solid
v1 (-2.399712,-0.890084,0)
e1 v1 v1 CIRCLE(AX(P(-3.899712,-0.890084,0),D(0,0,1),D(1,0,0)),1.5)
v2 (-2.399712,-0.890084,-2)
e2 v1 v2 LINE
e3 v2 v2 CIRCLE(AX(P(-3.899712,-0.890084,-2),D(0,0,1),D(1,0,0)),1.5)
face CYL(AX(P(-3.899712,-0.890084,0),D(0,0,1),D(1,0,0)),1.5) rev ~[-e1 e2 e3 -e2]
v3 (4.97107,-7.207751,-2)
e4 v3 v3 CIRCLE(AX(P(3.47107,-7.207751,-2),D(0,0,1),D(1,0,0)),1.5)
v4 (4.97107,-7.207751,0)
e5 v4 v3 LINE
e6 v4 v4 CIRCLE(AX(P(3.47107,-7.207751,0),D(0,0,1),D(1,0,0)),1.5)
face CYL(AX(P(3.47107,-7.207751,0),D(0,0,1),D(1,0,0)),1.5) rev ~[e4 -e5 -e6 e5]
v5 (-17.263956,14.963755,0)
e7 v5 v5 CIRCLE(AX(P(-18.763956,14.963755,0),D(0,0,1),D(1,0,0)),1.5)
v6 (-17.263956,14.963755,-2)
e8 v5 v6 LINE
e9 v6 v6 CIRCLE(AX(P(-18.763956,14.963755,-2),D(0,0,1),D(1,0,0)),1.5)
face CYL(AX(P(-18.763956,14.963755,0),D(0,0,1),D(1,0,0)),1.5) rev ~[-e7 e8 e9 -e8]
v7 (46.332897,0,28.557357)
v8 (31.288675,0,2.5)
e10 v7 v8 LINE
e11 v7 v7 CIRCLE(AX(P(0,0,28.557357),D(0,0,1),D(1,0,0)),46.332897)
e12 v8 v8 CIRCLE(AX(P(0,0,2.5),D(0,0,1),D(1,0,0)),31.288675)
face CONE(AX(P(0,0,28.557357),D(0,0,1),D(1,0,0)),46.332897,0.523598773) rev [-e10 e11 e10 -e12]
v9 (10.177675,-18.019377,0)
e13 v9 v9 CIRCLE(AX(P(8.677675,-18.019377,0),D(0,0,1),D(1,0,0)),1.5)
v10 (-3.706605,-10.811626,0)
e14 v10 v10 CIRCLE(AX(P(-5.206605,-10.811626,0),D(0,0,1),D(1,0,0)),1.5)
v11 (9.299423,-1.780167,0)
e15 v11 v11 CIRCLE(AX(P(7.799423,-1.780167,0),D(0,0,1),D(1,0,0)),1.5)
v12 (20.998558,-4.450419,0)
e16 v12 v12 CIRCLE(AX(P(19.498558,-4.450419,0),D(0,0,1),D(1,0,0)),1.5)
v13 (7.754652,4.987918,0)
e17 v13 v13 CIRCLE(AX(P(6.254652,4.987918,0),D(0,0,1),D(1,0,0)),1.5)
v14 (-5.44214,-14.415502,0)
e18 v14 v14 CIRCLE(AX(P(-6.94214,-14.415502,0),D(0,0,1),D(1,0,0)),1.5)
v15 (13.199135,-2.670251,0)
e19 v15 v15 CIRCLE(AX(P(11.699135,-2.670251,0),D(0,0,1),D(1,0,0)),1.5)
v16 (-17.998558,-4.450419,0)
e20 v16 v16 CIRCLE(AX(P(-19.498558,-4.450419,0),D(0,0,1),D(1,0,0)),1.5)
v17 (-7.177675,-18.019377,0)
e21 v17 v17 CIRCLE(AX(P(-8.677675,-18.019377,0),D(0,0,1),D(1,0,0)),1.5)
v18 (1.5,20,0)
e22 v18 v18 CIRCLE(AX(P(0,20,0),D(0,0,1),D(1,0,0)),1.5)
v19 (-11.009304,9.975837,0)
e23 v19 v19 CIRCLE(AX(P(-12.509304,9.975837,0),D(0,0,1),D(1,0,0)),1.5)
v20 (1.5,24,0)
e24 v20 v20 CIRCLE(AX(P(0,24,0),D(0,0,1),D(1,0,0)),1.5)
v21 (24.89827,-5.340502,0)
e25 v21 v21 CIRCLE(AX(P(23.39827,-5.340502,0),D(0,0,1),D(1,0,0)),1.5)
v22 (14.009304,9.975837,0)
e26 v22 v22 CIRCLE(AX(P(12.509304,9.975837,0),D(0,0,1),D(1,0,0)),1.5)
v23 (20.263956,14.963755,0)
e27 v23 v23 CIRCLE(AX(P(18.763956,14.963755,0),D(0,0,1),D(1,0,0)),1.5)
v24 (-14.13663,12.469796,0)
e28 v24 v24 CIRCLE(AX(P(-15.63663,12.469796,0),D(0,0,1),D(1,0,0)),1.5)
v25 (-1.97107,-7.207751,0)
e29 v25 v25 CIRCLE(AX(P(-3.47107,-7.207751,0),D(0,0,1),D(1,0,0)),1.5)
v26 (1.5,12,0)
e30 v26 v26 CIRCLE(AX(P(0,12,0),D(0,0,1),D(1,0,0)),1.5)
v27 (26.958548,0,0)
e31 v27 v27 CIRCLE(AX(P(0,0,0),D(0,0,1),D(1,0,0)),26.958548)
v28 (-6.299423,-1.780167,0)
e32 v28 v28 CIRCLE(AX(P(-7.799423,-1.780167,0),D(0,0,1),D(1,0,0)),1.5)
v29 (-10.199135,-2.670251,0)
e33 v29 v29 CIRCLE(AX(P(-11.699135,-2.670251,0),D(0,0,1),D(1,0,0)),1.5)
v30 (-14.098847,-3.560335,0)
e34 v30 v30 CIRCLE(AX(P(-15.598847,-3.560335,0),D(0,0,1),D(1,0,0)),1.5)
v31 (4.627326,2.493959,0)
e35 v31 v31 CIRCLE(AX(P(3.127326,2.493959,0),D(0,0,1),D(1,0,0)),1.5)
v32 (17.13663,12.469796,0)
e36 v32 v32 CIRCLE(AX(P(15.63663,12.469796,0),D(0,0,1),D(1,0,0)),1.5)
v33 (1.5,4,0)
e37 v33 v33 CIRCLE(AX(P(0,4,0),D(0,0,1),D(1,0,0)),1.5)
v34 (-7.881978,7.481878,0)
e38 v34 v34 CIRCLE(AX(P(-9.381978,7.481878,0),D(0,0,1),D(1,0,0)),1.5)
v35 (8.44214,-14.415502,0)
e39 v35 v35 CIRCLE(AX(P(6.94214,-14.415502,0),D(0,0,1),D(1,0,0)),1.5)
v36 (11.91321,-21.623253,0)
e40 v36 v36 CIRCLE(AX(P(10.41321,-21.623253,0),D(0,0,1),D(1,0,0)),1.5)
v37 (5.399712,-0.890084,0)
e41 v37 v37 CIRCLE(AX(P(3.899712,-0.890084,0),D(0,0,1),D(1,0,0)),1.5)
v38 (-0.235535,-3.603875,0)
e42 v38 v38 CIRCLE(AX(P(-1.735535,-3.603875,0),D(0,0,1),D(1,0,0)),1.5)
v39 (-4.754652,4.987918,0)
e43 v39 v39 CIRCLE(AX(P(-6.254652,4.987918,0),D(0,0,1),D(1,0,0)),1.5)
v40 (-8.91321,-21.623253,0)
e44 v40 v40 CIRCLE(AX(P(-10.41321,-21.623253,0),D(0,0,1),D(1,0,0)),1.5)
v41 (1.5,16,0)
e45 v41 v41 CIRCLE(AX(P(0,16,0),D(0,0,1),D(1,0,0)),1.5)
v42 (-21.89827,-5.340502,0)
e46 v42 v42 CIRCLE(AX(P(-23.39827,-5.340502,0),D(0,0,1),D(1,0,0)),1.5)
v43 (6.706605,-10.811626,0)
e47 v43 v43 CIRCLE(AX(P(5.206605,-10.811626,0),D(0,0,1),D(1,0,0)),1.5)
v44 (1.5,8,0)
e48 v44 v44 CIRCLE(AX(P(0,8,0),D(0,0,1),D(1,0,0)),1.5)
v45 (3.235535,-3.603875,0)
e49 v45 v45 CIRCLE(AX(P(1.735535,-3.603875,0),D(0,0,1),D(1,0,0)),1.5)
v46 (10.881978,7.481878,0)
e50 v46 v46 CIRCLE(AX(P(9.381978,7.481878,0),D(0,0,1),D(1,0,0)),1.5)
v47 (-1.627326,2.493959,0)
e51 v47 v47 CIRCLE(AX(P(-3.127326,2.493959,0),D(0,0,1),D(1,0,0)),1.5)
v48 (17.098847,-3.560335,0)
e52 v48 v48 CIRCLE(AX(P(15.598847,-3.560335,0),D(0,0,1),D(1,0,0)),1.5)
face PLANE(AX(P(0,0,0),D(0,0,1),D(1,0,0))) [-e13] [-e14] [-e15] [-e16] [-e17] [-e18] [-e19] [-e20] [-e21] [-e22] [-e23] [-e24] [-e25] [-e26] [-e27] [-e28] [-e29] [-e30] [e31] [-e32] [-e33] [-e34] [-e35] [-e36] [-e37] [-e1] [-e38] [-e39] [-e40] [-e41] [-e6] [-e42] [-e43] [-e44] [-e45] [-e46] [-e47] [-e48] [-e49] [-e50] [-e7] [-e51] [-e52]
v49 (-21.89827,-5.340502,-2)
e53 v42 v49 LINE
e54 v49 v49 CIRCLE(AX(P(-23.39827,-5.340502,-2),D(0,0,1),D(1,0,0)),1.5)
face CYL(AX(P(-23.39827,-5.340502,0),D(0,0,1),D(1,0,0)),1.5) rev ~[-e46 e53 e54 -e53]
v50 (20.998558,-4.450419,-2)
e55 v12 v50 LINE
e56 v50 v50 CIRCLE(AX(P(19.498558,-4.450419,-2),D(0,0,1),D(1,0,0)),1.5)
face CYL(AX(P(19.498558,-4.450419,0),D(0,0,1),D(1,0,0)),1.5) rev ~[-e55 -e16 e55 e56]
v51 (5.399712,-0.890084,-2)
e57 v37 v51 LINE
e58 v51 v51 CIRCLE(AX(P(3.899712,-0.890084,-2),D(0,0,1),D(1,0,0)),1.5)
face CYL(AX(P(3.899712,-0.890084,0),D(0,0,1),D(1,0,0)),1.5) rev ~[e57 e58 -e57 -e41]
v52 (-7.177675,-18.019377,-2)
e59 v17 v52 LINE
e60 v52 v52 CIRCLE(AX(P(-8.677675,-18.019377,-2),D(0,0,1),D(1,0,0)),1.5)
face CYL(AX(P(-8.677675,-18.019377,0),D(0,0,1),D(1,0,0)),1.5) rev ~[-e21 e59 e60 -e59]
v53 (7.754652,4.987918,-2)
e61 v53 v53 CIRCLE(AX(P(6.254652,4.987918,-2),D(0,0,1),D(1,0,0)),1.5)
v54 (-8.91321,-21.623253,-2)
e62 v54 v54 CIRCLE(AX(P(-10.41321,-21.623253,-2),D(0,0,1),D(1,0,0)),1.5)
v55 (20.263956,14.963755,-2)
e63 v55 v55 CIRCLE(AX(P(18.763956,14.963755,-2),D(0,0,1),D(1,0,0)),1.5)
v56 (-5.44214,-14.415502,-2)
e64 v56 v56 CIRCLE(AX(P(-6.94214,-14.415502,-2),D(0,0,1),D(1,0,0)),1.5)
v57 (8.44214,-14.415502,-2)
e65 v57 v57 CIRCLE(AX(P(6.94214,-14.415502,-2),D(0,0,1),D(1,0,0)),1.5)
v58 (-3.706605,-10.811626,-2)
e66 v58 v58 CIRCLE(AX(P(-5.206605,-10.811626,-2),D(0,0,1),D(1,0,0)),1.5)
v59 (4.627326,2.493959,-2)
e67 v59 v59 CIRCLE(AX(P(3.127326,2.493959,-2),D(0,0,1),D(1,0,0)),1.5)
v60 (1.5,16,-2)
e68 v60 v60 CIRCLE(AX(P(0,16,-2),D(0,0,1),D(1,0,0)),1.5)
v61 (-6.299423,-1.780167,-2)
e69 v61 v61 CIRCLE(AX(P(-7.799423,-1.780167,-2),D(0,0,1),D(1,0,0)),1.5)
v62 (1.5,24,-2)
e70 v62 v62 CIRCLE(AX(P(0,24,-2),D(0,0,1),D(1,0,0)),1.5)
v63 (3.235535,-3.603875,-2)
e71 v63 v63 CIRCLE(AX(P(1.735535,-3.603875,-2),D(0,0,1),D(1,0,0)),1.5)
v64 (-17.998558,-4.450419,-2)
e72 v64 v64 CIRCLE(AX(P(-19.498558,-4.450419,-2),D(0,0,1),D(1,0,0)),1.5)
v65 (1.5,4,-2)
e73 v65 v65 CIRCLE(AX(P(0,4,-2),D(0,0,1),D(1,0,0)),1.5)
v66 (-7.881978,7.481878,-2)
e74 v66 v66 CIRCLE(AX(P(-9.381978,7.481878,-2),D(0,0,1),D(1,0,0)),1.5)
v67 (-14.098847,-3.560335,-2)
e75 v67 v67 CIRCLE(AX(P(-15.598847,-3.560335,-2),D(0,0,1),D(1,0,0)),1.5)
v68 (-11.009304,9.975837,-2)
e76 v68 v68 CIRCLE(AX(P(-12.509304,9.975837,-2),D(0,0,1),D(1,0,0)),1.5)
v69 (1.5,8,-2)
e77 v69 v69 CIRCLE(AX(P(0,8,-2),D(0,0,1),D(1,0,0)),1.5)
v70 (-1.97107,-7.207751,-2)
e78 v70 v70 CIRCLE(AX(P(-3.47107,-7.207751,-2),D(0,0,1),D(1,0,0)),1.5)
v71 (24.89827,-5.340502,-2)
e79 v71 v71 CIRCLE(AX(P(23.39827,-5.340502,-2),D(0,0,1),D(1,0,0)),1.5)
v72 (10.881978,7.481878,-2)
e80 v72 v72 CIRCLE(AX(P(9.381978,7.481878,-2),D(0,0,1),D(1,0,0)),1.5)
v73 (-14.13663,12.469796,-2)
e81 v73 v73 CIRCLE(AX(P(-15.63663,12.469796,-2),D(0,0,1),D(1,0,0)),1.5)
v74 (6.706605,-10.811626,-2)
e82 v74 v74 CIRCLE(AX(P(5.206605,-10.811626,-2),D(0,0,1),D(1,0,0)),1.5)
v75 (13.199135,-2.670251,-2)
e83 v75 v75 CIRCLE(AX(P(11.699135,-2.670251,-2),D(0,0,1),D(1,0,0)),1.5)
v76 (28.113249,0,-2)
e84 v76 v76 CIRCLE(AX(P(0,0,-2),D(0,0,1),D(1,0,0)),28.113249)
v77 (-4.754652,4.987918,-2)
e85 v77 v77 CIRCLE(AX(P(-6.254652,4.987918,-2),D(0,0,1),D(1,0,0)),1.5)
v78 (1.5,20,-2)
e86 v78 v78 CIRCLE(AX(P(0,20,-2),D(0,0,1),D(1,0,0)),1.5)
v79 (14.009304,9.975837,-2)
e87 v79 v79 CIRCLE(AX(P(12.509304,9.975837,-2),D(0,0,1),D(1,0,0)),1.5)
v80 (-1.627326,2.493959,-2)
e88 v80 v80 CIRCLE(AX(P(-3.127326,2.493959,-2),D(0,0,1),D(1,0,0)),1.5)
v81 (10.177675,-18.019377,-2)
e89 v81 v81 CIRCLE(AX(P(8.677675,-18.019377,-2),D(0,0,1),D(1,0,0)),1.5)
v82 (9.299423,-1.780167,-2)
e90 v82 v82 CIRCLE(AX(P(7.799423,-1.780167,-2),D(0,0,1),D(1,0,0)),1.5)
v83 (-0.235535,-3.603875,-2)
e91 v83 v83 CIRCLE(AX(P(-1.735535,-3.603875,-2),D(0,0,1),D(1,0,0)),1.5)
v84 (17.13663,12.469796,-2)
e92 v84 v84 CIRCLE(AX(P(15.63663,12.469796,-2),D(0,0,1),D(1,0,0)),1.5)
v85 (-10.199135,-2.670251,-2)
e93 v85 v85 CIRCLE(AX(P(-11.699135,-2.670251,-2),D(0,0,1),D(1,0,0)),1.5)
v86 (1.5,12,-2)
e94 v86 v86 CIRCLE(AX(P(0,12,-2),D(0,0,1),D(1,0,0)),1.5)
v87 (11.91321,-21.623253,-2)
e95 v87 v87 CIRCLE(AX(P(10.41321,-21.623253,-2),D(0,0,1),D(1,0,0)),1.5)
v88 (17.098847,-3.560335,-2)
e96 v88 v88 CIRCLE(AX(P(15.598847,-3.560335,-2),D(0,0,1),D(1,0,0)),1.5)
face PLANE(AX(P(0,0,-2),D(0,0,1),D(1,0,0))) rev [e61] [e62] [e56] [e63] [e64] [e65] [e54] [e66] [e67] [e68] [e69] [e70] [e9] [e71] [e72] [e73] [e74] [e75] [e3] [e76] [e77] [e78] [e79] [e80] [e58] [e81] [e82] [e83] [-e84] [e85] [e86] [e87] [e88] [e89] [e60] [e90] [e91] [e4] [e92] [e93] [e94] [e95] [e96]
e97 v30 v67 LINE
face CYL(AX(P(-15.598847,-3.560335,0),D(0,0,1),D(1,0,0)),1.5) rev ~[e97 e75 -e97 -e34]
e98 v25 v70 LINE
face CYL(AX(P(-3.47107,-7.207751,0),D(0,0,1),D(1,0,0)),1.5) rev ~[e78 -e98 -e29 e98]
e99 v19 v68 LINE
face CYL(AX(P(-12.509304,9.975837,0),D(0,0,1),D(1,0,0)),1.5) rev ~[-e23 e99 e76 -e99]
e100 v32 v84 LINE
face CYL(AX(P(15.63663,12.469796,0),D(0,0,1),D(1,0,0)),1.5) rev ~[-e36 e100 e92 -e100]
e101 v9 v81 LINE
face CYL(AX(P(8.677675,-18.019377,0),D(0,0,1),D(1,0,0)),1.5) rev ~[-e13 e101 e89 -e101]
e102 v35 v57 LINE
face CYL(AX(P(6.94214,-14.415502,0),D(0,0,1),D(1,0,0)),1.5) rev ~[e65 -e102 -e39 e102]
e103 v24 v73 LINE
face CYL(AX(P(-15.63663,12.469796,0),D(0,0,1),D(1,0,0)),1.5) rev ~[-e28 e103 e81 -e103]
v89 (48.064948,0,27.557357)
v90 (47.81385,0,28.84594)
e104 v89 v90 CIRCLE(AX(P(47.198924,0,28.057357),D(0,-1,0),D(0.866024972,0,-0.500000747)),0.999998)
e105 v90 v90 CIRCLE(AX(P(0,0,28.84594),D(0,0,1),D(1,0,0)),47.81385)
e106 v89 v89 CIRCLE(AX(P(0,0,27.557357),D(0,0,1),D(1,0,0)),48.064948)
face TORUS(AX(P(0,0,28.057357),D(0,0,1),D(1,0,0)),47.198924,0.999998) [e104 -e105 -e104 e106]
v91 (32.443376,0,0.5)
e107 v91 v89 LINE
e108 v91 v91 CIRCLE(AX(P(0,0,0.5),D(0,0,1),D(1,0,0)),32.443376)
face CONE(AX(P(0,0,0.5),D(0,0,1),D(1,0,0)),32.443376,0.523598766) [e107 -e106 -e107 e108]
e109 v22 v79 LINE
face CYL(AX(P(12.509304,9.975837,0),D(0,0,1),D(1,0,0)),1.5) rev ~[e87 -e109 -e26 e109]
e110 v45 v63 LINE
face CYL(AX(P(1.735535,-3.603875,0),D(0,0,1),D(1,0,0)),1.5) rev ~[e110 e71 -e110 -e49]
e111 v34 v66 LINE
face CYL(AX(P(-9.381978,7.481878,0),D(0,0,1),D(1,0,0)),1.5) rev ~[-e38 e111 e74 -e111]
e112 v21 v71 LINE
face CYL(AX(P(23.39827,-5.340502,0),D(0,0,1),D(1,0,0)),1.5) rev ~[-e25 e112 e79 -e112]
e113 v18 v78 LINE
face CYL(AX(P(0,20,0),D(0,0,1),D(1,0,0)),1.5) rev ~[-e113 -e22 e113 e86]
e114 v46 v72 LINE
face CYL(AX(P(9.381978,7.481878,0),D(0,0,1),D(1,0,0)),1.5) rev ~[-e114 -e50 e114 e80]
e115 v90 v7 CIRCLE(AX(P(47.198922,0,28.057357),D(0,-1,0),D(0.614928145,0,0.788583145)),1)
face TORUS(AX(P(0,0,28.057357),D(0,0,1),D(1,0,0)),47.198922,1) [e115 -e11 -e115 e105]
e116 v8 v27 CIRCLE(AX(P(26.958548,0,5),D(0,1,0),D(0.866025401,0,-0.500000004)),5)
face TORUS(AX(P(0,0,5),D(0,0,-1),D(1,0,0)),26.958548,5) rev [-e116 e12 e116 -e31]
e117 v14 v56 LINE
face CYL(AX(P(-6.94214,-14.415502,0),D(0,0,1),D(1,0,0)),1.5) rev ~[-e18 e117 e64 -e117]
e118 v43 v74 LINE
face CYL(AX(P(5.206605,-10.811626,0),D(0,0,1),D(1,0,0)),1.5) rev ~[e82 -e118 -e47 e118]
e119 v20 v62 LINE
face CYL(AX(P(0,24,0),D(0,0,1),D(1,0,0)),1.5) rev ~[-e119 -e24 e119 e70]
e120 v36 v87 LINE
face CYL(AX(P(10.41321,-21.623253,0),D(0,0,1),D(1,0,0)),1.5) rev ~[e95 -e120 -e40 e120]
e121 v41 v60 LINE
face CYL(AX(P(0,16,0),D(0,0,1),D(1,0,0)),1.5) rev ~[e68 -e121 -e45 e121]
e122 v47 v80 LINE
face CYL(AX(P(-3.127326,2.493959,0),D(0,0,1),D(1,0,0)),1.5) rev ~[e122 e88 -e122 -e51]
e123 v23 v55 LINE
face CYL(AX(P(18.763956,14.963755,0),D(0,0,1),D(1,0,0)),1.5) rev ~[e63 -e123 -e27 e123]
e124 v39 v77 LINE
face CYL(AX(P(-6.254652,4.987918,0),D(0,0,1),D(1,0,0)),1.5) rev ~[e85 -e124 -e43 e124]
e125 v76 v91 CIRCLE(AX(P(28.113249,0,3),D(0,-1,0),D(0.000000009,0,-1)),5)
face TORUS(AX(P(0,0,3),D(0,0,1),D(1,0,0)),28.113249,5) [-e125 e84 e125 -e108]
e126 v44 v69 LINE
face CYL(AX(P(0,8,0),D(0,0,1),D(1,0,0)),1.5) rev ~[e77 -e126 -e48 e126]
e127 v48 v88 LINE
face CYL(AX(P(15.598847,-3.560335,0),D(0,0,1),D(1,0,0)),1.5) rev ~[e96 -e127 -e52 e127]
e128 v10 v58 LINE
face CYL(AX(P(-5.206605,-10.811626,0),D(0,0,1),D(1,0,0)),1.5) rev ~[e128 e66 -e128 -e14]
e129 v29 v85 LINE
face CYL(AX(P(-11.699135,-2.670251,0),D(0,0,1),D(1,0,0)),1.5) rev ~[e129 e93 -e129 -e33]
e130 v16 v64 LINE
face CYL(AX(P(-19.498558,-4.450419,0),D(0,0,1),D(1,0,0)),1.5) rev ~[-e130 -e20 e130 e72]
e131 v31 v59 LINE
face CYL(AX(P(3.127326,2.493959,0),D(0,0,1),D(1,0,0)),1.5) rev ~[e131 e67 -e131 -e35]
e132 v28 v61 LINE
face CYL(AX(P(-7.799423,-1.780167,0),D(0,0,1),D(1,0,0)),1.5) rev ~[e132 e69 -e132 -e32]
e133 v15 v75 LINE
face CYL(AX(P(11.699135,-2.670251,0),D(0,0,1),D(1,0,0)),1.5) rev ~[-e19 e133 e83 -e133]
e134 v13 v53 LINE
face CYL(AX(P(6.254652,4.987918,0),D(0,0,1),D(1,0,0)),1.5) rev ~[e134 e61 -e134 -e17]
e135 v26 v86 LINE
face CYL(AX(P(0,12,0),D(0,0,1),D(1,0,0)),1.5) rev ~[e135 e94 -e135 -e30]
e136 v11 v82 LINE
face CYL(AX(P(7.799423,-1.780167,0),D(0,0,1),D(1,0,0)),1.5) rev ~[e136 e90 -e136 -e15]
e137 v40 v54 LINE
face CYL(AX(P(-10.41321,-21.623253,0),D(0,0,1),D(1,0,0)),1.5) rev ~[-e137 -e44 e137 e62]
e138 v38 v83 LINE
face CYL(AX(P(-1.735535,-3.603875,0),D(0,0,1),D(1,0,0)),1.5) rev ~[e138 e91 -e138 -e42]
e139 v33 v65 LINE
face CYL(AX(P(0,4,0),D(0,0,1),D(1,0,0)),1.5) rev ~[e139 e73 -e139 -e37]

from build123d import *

# Parameters (mm, degrees)
F2_R     = 1.5
F3_DEPTH = 25


with BuildPart() as f1:
    # F0 (on Front) → F1 (revolve)
    with BuildSketch(Plane.XZ):
        with BuildLine():
            Line((26.958548, 0), (0, 0))
            Line((0, 0), (0, -2))
            Line((0, -2), (28.113249, -2))
            ThreePointArc((28.113249, -2), (30.613249, -1.330127), (32.443376, 0.5))
            Line((32.443376, 0.5), (48.064948, 27.557357))
            ThreePointArc((48.064948, 27.557357), (48.180461, 28.248623), (47.81385, 28.84594))
            ThreePointArc((47.81385, 28.84594), (47.007656, 29.038895), (46.332897, 28.557357))
            Line((46.332897, 28.557357), (31.288675, 2.5))
            ThreePointArc((31.288675, 2.5), (29.458548, 0.669873), (26.958548, 0))
        make_face()
    revolve(axis=Axis((0, 0, 22.936326), (0, 0, 1)))

    # F2 (on face) → F3 (cut)
    with BuildSketch(Plane.XY):
        with Locations((0, 20)):
            Circle(F2_R)
        with Locations((0, 16)):
            Circle(F2_R)
        with Locations((0, 12)):
            Circle(F2_R)
        with Locations((0, 8)):
            Circle(F2_R)
        with Locations((0, 4)):
            Circle(F2_R)
        with Locations((0, 24)):
            Circle(F2_R)
        with Locations((-18.763956, 14.963755)):
            Circle(F2_R)
        with Locations((-15.63663, 12.469796)):
            Circle(F2_R)
        with Locations((-12.509304, 9.975837)):
            Circle(F2_R)
        with Locations((-9.381978, 7.481878)):
            Circle(F2_R)
        with Locations((-6.254652, 4.987918)):
            Circle(F2_R)
        with Locations((-3.127326, 2.493959)):
            Circle(F2_R)
        with Locations((-23.39827, -5.340502)):
            Circle(F2_R)
        with Locations((-19.498558, -4.450419)):
            Circle(F2_R)
        with Locations((-15.598847, -3.560335)):
            Circle(F2_R)
        with Locations((-11.699135, -2.670251)):
            Circle(F2_R)
        with Locations((-7.799423, -1.780167)):
            Circle(F2_R)
        with Locations((-3.899712, -0.890084)):
            Circle(F2_R)
        with Locations((-10.41321, -21.623253)):
            Circle(F2_R)
        with Locations((-8.677675, -18.019377)):
            Circle(F2_R)
        with Locations((-6.94214, -14.415502)):
            Circle(F2_R)
        with Locations((-5.206605, -10.811626)):
            Circle(F2_R)
        with Locations((-3.47107, -7.207751)):
            Circle(F2_R)
        with Locations((-1.735535, -3.603875)):
            Circle(F2_R)
        with Locations((10.41321, -21.623253)):
            Circle(F2_R)
        with Locations((8.677675, -18.019377)):
            Circle(F2_R)
        with Locations((6.94214, -14.415502)):
            Circle(F2_R)
        with Locations((5.206605, -10.811626)):
            Circle(F2_R)
        with Locations((3.47107, -7.207751)):
            Circle(F2_R)
        with Locations((1.735535, -3.603875)):
            Circle(F2_R)
        with Locations((23.39827, -5.340502)):
            Circle(F2_R)
        with Locations((19.498558, -4.450419)):
            Circle(F2_R)
        with Locations((15.598847, -3.560335)):
            Circle(F2_R)
        with Locations((11.699135, -2.670251)):
            Circle(F2_R)
        with Locations((7.799423, -1.780167)):
            Circle(F2_R)
        with Locations((3.899712, -0.890084)):
            Circle(F2_R)
        with Locations((18.763956, 14.963755)):
            Circle(F2_R)
        with Locations((15.63663, 12.469796)):
            Circle(F2_R)
        with Locations((12.509304, 9.975837)):
            Circle(F2_R)
        with Locations((9.381978, 7.481878)):
            Circle(F2_R)
        with Locations((6.254652, 4.987918)):
            Circle(F2_R)
        with Locations((3.127326, 2.493959)):
            Circle(F2_R)
    extrude(amount=-F3_DEPTH, mode=Mode.SUBTRACT)


solid = f1.part
